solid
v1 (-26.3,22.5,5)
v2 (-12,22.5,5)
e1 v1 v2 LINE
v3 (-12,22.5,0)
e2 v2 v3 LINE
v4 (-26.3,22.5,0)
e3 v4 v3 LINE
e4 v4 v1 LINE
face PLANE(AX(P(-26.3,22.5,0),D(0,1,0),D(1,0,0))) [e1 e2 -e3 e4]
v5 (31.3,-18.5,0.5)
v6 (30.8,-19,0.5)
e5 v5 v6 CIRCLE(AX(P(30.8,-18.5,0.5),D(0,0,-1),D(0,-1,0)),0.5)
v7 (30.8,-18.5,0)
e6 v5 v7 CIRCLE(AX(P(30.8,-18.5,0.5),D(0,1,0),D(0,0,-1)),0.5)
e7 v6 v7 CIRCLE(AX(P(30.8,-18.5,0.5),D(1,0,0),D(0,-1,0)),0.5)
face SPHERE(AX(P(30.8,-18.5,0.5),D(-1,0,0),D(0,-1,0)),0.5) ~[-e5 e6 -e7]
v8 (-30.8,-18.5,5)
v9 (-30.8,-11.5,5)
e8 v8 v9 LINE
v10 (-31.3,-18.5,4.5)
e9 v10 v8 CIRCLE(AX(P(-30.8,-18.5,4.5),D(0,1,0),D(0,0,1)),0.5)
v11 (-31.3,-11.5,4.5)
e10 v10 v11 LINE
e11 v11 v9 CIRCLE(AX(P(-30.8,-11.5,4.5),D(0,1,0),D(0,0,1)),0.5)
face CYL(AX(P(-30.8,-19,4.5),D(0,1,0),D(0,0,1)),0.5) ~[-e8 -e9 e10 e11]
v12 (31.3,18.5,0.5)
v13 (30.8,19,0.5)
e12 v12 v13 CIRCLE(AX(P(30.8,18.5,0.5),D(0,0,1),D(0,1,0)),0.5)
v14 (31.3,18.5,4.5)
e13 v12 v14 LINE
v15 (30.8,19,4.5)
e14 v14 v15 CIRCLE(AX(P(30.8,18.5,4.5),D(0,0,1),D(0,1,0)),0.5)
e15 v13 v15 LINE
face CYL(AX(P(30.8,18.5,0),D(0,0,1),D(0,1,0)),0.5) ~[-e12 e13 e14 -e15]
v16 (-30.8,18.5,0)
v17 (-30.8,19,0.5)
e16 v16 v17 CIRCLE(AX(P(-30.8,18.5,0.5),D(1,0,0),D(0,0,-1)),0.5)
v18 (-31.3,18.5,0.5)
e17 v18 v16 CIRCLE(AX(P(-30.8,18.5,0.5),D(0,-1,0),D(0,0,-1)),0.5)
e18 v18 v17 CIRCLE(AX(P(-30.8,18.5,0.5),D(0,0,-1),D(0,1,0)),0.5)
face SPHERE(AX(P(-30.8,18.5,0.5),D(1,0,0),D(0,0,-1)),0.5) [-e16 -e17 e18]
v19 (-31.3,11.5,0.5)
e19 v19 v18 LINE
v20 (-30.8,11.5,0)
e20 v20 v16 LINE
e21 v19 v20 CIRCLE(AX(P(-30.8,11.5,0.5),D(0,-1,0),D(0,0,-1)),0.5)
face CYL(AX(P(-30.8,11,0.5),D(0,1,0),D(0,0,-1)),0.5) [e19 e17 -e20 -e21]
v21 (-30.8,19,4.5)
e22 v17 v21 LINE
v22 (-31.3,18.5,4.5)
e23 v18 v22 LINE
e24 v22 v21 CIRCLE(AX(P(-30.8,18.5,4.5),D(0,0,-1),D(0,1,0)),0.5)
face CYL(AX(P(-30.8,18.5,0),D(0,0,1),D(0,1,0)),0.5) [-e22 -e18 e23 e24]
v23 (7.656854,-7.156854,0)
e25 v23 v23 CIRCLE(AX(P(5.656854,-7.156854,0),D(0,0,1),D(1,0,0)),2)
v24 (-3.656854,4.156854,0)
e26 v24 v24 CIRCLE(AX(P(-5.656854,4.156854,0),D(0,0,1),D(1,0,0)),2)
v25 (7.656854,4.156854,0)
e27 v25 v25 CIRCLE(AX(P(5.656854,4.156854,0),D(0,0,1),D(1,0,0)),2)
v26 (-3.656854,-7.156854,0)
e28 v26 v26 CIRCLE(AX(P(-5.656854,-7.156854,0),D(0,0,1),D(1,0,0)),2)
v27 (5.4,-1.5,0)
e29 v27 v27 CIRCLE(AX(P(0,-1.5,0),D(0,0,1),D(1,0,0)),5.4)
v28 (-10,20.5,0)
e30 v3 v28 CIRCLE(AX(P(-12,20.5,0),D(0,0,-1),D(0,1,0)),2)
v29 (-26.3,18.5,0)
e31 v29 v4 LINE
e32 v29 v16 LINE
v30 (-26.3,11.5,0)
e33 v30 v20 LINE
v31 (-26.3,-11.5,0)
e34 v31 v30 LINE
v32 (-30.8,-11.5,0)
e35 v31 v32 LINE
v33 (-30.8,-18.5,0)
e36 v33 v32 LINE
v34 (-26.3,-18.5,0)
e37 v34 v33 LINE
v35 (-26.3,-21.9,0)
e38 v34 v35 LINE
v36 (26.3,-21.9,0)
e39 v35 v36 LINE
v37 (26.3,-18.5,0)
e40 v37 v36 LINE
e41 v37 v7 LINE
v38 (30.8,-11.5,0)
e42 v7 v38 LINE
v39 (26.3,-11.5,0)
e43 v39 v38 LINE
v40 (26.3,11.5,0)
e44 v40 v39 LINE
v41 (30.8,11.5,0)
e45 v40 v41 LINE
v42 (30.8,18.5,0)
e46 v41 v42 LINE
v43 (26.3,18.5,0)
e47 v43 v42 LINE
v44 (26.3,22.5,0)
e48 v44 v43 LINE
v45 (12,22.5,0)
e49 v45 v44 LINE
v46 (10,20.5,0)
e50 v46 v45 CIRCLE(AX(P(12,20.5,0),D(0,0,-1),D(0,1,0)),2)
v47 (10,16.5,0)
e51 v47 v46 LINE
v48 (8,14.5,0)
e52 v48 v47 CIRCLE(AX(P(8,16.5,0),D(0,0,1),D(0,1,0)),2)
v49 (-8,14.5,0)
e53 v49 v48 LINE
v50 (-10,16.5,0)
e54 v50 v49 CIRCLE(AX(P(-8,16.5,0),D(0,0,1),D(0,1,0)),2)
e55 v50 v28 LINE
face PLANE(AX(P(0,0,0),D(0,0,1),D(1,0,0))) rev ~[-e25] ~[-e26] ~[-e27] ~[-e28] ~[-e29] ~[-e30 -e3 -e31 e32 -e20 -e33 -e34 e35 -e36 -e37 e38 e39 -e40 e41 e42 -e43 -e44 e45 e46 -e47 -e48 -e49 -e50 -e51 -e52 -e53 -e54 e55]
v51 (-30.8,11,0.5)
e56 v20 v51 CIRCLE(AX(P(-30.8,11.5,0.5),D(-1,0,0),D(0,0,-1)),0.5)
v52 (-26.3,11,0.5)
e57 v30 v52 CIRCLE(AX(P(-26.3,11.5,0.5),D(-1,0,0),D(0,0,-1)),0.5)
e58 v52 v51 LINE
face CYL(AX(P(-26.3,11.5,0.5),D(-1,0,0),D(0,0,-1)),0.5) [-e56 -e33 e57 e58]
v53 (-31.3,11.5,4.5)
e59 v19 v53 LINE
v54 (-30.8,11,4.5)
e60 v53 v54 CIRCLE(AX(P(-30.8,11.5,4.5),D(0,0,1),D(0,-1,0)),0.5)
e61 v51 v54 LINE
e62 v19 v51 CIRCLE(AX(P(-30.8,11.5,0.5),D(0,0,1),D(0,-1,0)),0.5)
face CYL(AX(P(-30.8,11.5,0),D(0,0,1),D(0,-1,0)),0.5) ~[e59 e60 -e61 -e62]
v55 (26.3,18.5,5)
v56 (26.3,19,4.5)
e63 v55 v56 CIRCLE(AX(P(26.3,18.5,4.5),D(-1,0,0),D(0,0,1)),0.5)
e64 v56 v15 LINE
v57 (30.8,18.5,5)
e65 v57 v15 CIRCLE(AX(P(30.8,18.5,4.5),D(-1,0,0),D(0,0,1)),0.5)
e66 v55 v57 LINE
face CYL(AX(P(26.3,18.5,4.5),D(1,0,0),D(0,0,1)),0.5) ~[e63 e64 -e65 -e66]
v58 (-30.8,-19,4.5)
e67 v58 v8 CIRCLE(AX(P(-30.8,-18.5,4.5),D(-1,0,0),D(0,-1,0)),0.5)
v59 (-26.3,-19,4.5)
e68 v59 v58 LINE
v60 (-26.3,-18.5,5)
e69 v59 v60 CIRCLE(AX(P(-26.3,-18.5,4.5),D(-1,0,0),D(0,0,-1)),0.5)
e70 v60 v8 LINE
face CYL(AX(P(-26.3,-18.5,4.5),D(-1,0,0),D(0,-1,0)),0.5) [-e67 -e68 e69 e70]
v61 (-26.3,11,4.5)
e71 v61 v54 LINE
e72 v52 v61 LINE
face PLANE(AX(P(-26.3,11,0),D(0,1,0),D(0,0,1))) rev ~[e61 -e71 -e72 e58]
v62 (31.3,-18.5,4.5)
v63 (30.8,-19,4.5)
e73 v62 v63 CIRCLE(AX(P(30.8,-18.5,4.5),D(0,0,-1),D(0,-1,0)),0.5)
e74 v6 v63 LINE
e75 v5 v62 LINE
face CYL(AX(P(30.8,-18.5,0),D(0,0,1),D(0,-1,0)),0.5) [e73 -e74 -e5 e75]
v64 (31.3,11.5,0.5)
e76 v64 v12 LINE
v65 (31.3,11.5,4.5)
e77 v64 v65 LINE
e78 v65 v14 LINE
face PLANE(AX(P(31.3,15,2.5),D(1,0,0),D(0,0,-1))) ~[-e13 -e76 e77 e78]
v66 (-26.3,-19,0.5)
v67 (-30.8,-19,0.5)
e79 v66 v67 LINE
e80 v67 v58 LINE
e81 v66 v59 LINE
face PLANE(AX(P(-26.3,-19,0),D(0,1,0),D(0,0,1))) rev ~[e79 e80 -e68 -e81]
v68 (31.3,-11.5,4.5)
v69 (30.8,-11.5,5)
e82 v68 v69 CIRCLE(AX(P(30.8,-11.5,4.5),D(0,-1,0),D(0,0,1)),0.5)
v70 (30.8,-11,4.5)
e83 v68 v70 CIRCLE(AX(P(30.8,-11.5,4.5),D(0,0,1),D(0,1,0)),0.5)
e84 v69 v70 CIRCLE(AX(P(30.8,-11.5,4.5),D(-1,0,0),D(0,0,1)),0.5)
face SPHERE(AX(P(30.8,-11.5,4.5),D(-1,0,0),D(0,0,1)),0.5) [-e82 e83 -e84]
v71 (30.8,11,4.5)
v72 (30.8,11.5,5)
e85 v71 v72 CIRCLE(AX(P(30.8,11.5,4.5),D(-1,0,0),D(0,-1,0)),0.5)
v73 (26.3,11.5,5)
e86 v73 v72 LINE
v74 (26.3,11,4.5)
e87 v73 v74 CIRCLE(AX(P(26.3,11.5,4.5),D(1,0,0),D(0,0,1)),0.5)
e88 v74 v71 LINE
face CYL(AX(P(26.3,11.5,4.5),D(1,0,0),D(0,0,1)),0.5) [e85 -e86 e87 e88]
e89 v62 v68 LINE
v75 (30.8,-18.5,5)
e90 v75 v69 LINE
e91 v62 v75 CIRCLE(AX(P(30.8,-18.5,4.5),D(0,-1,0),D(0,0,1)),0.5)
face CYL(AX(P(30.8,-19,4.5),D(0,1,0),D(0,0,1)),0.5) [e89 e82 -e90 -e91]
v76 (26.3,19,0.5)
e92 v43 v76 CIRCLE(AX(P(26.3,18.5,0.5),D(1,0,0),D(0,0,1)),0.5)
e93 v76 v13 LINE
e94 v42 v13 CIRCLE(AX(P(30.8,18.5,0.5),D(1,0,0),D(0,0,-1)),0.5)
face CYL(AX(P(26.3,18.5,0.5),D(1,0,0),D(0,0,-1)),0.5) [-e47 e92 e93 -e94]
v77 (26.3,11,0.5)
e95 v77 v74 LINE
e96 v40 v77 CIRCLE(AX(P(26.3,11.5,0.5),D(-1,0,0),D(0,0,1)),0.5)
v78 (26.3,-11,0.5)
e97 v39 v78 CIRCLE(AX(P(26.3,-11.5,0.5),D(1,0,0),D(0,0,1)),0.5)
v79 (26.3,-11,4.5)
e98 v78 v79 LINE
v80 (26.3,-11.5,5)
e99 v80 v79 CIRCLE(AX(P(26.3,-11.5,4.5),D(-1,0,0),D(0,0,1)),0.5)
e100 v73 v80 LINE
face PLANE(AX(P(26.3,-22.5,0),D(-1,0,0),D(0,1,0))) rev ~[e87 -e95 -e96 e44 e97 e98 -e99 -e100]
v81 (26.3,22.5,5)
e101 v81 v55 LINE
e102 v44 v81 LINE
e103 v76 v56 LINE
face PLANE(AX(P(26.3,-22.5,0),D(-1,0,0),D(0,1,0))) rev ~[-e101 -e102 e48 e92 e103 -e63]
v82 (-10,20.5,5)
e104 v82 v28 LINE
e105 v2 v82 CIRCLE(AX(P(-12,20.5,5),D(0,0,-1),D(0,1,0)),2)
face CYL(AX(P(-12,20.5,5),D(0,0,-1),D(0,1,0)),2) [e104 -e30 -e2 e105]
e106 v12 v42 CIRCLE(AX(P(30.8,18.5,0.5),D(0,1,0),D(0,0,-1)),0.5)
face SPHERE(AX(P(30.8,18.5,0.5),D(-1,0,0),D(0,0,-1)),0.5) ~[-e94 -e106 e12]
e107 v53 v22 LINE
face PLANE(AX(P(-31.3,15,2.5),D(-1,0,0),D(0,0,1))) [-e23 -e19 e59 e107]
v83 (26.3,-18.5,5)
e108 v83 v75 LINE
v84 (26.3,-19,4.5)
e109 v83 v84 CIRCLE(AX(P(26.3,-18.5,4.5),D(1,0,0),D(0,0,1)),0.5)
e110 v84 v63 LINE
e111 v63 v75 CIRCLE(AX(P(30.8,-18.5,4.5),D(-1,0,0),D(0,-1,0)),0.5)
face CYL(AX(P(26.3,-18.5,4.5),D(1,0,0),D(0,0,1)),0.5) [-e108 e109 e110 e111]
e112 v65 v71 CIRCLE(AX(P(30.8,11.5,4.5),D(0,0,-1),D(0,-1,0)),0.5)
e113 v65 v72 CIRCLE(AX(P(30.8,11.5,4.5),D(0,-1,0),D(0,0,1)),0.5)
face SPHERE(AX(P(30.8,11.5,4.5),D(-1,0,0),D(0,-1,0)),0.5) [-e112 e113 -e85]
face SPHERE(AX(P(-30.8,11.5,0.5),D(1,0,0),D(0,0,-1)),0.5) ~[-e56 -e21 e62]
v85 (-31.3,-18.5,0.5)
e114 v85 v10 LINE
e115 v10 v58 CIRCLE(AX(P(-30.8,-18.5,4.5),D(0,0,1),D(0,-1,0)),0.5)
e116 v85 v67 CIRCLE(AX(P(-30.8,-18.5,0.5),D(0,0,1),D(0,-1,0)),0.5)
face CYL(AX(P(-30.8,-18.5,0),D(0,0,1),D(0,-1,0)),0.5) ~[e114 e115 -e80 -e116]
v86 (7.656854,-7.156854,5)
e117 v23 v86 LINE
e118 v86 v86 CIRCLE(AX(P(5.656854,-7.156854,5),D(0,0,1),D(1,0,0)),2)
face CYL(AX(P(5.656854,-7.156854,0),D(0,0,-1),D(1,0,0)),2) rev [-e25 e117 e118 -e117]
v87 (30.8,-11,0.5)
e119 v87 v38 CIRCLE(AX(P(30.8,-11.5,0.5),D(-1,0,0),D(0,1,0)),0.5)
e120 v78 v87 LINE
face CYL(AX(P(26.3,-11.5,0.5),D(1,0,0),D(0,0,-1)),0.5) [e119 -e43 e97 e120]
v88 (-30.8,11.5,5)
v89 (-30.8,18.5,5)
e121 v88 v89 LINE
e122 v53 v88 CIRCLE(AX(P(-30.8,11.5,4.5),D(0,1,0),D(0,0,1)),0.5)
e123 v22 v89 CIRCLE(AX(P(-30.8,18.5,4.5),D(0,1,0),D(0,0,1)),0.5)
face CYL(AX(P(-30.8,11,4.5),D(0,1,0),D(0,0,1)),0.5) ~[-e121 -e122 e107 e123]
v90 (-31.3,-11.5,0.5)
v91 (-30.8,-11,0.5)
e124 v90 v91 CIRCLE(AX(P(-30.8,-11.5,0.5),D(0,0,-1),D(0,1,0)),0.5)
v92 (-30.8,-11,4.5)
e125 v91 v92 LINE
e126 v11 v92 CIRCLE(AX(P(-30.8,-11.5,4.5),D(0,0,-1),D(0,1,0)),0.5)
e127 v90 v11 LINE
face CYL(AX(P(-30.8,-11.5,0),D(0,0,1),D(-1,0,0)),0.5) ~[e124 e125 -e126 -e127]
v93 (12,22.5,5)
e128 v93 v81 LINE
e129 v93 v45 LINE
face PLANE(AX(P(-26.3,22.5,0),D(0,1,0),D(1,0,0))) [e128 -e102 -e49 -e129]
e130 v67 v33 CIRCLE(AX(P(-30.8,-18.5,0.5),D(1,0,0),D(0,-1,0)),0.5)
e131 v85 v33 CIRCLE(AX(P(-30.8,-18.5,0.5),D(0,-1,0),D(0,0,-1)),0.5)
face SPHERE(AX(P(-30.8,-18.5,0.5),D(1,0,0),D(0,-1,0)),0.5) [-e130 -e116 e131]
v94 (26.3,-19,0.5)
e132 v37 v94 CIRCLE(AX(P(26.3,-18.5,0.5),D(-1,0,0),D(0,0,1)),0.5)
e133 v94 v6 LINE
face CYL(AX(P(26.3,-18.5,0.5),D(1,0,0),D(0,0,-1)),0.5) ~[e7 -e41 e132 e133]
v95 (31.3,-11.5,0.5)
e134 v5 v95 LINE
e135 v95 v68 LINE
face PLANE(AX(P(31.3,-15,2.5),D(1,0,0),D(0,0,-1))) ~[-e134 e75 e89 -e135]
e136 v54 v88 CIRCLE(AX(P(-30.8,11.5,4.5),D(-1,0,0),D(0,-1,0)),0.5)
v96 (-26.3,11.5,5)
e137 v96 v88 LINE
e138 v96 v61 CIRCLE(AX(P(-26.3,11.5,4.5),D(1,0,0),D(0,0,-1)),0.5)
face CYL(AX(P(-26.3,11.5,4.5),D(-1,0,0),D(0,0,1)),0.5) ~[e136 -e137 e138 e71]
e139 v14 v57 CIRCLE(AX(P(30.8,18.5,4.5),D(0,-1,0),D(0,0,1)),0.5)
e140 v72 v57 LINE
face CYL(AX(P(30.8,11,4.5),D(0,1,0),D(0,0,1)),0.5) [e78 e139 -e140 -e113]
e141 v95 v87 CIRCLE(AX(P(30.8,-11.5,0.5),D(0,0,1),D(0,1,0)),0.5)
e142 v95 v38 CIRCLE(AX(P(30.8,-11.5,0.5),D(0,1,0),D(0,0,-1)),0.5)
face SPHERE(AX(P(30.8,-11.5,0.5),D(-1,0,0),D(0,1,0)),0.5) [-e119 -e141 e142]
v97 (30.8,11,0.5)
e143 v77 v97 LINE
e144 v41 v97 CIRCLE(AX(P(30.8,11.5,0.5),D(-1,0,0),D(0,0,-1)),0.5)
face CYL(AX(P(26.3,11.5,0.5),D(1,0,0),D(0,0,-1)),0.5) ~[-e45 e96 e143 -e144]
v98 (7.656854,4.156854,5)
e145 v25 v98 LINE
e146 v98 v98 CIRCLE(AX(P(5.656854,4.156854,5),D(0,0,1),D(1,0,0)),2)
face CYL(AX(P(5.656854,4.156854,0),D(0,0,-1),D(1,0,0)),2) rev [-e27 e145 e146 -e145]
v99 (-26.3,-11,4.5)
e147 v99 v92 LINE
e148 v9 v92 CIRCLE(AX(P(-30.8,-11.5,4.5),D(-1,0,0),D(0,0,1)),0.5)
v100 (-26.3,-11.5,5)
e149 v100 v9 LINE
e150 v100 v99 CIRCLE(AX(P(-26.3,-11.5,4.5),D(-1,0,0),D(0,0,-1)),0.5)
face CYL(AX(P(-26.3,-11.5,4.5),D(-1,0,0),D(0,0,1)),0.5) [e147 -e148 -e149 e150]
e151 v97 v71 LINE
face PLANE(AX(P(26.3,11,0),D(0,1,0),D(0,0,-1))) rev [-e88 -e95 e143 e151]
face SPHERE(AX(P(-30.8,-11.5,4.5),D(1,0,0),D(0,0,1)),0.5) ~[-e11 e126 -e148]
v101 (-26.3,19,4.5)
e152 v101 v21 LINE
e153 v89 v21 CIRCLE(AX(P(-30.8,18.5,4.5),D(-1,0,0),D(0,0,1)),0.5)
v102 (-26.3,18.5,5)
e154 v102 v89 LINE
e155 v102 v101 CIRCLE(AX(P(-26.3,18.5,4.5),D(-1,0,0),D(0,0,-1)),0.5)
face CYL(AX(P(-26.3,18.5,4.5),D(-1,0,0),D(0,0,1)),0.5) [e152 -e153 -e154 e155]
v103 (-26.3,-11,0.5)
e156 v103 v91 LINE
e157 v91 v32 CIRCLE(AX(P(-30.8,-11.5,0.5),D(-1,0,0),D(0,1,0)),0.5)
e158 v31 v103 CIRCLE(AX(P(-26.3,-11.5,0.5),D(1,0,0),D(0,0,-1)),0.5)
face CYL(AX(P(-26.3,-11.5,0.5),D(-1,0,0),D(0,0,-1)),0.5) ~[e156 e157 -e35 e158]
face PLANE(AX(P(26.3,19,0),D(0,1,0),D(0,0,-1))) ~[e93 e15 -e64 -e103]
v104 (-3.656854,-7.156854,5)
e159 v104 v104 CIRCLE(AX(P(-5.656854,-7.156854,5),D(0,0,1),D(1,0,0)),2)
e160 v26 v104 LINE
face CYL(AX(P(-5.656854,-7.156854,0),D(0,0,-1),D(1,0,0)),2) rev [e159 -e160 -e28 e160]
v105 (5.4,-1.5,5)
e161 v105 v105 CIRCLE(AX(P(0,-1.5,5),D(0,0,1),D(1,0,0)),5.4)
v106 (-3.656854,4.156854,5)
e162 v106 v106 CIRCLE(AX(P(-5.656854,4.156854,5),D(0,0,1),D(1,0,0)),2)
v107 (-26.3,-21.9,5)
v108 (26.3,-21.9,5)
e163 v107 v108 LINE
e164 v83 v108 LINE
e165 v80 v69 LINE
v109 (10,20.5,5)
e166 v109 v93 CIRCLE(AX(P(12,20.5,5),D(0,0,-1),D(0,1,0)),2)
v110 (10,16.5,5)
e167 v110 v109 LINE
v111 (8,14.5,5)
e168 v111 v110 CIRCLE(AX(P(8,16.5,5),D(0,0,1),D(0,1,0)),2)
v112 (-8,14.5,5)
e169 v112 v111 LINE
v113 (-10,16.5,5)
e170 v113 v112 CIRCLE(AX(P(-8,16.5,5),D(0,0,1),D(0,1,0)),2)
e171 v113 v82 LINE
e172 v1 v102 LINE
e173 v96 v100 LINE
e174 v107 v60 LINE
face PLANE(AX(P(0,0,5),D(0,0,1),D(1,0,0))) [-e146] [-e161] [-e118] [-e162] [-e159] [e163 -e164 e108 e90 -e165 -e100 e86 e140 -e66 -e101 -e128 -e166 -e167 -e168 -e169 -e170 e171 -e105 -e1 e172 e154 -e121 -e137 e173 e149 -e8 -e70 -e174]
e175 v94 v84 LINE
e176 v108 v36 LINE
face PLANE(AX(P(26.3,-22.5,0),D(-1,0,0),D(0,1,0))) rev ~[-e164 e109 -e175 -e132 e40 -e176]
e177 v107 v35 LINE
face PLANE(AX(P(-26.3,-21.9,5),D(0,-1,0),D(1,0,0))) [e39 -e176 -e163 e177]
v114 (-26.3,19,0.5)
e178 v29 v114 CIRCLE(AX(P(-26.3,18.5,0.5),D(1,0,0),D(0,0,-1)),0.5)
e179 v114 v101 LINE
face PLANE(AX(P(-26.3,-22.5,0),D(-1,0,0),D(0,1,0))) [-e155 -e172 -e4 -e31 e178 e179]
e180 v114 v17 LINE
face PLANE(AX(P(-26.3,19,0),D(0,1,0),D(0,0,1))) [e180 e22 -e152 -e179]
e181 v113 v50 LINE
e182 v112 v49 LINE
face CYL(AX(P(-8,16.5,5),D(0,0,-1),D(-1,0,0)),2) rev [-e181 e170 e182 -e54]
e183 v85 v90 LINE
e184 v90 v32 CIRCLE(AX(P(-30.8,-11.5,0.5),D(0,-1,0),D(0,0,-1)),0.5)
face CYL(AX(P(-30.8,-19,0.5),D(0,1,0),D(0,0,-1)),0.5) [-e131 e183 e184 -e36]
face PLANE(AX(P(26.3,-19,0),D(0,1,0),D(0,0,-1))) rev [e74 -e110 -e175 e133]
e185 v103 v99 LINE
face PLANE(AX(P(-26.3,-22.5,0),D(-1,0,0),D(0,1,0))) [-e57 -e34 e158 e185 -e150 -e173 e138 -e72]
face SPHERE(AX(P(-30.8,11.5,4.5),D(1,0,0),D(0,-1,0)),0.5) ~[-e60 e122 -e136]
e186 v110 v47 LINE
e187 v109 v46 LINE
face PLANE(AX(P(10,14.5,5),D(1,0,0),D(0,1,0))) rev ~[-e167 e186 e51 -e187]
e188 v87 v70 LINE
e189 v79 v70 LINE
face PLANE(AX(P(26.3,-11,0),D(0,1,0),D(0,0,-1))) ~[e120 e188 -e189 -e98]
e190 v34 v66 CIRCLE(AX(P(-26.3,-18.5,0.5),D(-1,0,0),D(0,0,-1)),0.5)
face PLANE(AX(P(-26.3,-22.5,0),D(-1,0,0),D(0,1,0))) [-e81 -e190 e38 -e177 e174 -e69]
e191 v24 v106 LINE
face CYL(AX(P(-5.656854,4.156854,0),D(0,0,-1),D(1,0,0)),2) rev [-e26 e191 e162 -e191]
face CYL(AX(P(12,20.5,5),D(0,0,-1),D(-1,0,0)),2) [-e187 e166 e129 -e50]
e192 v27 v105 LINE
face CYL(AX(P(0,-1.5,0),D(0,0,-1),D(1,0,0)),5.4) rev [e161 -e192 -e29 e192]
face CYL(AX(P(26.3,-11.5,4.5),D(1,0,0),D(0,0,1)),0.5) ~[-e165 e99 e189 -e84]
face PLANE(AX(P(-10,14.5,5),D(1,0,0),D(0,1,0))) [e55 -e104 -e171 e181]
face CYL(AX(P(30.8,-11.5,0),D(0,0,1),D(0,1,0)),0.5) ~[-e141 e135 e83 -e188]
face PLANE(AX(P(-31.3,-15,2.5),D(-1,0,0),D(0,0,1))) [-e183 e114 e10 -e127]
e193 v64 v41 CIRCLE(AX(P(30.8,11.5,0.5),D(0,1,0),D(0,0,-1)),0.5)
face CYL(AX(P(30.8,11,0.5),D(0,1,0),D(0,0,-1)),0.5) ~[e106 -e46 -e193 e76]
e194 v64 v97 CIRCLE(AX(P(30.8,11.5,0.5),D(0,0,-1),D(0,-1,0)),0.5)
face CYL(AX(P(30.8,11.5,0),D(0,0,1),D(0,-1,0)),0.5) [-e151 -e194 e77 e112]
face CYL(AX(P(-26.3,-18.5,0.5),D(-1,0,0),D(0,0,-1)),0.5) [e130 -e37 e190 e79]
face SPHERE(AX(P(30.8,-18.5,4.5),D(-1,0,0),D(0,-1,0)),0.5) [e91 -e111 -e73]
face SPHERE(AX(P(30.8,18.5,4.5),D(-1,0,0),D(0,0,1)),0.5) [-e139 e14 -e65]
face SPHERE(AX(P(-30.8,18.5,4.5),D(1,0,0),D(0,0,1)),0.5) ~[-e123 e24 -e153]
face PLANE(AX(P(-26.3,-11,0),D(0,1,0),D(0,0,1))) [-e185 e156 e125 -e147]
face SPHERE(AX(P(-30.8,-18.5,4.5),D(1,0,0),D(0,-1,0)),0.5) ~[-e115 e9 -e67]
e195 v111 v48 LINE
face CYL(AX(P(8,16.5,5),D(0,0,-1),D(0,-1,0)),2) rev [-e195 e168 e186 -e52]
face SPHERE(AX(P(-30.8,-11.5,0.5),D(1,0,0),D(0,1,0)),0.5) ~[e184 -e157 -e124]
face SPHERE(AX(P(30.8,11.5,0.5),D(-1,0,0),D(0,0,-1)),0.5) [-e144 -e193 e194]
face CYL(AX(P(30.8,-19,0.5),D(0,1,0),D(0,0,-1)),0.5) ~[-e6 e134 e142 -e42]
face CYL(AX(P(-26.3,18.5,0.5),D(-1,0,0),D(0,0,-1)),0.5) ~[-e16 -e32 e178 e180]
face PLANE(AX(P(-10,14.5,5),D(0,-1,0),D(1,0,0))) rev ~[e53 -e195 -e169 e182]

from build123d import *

# Parameters (mm, degrees)
CROQUIS1_W               = 52.6
CROQUIS1_H               = 45
CROQUIS1_R               = 5.4
CROQUIS1_R_2             = 2
SALIENTE_EXTRUIR1_DEPTH  = 5
CROQUIS2_W               = 5
CROQUIS2_H               = 8
SALIENTE_EXTRUIR2_DEPTH  = 5
REDONDEO1_R              = 0.5
REDONDEO1_OF_SIMETR_A1_R = 0.5
CROQUIS3_W               = 20
CROQUIS3_H               = 8
CORTAR_EXTRUIR1_DEPTH    = 5
REDONDEO2_R              = 2
CROQUIS4_W               = 52.6
CROQUIS4_H               = 0.6
CORTAR_EXTRUIR2_DEPTH    = 5


with BuildPart() as part:
    # Croquis1 → Saliente-Extruir1 (new body)
    with BuildSketch(Plane.XY):
        Rectangle(CROQUIS1_W, CROQUIS1_H)
        with Locations((0, -1.5)):
            Circle(CROQUIS1_R, mode=Mode.SUBTRACT)
        with Locations((-5.656854249, 4.156854249)):
            Circle(CROQUIS1_R_2, mode=Mode.SUBTRACT)
        with Locations((5.656854249, 4.156854249)):
            Circle(CROQUIS1_R_2, mode=Mode.SUBTRACT)
        with Locations((5.656854249, -7.156854249)):
            Circle(CROQUIS1_R_2, mode=Mode.SUBTRACT)
        with Locations((-5.656854249, -7.156854249)):
            Circle(CROQUIS1_R_2, mode=Mode.SUBTRACT)
    extrude(amount=SALIENTE_EXTRUIR1_DEPTH)

    # Croquis2 → Saliente-Extruir2 (add)
    with BuildSketch(Plane.ZY.offset(26.3)):
        with Locations((2.5, 15)):
            Rectangle(CROQUIS2_W, CROQUIS2_H)
        with Locations((2.5, -15)):
            Rectangle(CROQUIS2_W, CROQUIS2_H)
    saliente_extruir2 = extrude(amount=SALIENTE_EXTRUIR2_DEPTH)

    # Redondeo1
    redondeo1_edges = [part.edges().sort_by_distance(p)[0] for p in [
        (-28.8, 19, 0),
        (-28.8, 11, 0),
        (-28.8, 11, 5),
        (-28.8, 19, 5),
        (-31.3, 15, 0),
        (-31.3, 11, 2.5),
        (-31.3, 15, 5),
        (-31.3, 19, 2.5),
        (-28.8, -19, 0),
        (-28.8, -19, 5),
        (-28.8, -11, 5),
        (-28.8, -11, 0),
        (-31.3, -19, 2.5),
        (-31.3, -15, 5),
        (-31.3, -11, 2.5),
        (-31.3, -15, 0),
    ]]
    fillet(redondeo1_edges, radius=REDONDEO1_R)

    # Simetría1: Saliente-Extruir2 across plane
    add(saliente_extruir2.mirror(Plane(origin=(0, 0, 0), x_dir=(0, 0, 1), z_dir=(1, 0, 0))))

    # Redondeo1 of Simetría1
    redondeo1_of_simetr_a1_edges = [part.edges().sort_by_distance(p)[0] for p in [
        (28.8, 19, 0),
        (28.8, 11, 0),
        (28.8, 11, 5),
        (28.8, 19, 5),
        (31.3, 15, 0),
        (31.3, 11, 2.5),
        (31.3, 15, 5),
        (31.3, 19, 2.5),
        (28.8, -19, 0),
        (28.8, -19, 5),
        (28.8, -11, 5),
        (28.8, -11, 0),
        (31.3, -19, 2.5),
        (31.3, -15, 5),
        (31.3, -11, 2.5),
        (31.3, -15, 0),
    ]]
    fillet(redondeo1_of_simetr_a1_edges, radius=REDONDEO1_OF_SIMETR_A1_R)

    # Croquis3 → Cortar-Extruir1 (cut)
    with BuildSketch(Plane.XY.offset(5)):
        with Locations((0, 18.5)):
            Rectangle(CROQUIS3_W, CROQUIS3_H)
    extrude(amount=-CORTAR_EXTRUIR1_DEPTH, mode=Mode.SUBTRACT)

    # Redondeo2
    redondeo2_edges = [part.edges().sort_by_distance(p)[0] for p in [
        (-10, 14.5, 2.5),
        (-10, 22.5, 2.5),
        (10, 22.5, 2.5),
        (10, 14.5, 2.5),
    ]]
    fillet(redondeo2_edges, radius=REDONDEO2_R)

    # Croquis4 → Cortar-Extruir2 (cut)
    with BuildSketch(Plane.XY.offset(5)):
        with Locations((0, -22.2)):
            Rectangle(CROQUIS4_W, CROQUIS4_H)
    extrude(amount=-CORTAR_EXTRUIR2_DEPTH, mode=Mode.SUBTRACT)


solid = part.part
